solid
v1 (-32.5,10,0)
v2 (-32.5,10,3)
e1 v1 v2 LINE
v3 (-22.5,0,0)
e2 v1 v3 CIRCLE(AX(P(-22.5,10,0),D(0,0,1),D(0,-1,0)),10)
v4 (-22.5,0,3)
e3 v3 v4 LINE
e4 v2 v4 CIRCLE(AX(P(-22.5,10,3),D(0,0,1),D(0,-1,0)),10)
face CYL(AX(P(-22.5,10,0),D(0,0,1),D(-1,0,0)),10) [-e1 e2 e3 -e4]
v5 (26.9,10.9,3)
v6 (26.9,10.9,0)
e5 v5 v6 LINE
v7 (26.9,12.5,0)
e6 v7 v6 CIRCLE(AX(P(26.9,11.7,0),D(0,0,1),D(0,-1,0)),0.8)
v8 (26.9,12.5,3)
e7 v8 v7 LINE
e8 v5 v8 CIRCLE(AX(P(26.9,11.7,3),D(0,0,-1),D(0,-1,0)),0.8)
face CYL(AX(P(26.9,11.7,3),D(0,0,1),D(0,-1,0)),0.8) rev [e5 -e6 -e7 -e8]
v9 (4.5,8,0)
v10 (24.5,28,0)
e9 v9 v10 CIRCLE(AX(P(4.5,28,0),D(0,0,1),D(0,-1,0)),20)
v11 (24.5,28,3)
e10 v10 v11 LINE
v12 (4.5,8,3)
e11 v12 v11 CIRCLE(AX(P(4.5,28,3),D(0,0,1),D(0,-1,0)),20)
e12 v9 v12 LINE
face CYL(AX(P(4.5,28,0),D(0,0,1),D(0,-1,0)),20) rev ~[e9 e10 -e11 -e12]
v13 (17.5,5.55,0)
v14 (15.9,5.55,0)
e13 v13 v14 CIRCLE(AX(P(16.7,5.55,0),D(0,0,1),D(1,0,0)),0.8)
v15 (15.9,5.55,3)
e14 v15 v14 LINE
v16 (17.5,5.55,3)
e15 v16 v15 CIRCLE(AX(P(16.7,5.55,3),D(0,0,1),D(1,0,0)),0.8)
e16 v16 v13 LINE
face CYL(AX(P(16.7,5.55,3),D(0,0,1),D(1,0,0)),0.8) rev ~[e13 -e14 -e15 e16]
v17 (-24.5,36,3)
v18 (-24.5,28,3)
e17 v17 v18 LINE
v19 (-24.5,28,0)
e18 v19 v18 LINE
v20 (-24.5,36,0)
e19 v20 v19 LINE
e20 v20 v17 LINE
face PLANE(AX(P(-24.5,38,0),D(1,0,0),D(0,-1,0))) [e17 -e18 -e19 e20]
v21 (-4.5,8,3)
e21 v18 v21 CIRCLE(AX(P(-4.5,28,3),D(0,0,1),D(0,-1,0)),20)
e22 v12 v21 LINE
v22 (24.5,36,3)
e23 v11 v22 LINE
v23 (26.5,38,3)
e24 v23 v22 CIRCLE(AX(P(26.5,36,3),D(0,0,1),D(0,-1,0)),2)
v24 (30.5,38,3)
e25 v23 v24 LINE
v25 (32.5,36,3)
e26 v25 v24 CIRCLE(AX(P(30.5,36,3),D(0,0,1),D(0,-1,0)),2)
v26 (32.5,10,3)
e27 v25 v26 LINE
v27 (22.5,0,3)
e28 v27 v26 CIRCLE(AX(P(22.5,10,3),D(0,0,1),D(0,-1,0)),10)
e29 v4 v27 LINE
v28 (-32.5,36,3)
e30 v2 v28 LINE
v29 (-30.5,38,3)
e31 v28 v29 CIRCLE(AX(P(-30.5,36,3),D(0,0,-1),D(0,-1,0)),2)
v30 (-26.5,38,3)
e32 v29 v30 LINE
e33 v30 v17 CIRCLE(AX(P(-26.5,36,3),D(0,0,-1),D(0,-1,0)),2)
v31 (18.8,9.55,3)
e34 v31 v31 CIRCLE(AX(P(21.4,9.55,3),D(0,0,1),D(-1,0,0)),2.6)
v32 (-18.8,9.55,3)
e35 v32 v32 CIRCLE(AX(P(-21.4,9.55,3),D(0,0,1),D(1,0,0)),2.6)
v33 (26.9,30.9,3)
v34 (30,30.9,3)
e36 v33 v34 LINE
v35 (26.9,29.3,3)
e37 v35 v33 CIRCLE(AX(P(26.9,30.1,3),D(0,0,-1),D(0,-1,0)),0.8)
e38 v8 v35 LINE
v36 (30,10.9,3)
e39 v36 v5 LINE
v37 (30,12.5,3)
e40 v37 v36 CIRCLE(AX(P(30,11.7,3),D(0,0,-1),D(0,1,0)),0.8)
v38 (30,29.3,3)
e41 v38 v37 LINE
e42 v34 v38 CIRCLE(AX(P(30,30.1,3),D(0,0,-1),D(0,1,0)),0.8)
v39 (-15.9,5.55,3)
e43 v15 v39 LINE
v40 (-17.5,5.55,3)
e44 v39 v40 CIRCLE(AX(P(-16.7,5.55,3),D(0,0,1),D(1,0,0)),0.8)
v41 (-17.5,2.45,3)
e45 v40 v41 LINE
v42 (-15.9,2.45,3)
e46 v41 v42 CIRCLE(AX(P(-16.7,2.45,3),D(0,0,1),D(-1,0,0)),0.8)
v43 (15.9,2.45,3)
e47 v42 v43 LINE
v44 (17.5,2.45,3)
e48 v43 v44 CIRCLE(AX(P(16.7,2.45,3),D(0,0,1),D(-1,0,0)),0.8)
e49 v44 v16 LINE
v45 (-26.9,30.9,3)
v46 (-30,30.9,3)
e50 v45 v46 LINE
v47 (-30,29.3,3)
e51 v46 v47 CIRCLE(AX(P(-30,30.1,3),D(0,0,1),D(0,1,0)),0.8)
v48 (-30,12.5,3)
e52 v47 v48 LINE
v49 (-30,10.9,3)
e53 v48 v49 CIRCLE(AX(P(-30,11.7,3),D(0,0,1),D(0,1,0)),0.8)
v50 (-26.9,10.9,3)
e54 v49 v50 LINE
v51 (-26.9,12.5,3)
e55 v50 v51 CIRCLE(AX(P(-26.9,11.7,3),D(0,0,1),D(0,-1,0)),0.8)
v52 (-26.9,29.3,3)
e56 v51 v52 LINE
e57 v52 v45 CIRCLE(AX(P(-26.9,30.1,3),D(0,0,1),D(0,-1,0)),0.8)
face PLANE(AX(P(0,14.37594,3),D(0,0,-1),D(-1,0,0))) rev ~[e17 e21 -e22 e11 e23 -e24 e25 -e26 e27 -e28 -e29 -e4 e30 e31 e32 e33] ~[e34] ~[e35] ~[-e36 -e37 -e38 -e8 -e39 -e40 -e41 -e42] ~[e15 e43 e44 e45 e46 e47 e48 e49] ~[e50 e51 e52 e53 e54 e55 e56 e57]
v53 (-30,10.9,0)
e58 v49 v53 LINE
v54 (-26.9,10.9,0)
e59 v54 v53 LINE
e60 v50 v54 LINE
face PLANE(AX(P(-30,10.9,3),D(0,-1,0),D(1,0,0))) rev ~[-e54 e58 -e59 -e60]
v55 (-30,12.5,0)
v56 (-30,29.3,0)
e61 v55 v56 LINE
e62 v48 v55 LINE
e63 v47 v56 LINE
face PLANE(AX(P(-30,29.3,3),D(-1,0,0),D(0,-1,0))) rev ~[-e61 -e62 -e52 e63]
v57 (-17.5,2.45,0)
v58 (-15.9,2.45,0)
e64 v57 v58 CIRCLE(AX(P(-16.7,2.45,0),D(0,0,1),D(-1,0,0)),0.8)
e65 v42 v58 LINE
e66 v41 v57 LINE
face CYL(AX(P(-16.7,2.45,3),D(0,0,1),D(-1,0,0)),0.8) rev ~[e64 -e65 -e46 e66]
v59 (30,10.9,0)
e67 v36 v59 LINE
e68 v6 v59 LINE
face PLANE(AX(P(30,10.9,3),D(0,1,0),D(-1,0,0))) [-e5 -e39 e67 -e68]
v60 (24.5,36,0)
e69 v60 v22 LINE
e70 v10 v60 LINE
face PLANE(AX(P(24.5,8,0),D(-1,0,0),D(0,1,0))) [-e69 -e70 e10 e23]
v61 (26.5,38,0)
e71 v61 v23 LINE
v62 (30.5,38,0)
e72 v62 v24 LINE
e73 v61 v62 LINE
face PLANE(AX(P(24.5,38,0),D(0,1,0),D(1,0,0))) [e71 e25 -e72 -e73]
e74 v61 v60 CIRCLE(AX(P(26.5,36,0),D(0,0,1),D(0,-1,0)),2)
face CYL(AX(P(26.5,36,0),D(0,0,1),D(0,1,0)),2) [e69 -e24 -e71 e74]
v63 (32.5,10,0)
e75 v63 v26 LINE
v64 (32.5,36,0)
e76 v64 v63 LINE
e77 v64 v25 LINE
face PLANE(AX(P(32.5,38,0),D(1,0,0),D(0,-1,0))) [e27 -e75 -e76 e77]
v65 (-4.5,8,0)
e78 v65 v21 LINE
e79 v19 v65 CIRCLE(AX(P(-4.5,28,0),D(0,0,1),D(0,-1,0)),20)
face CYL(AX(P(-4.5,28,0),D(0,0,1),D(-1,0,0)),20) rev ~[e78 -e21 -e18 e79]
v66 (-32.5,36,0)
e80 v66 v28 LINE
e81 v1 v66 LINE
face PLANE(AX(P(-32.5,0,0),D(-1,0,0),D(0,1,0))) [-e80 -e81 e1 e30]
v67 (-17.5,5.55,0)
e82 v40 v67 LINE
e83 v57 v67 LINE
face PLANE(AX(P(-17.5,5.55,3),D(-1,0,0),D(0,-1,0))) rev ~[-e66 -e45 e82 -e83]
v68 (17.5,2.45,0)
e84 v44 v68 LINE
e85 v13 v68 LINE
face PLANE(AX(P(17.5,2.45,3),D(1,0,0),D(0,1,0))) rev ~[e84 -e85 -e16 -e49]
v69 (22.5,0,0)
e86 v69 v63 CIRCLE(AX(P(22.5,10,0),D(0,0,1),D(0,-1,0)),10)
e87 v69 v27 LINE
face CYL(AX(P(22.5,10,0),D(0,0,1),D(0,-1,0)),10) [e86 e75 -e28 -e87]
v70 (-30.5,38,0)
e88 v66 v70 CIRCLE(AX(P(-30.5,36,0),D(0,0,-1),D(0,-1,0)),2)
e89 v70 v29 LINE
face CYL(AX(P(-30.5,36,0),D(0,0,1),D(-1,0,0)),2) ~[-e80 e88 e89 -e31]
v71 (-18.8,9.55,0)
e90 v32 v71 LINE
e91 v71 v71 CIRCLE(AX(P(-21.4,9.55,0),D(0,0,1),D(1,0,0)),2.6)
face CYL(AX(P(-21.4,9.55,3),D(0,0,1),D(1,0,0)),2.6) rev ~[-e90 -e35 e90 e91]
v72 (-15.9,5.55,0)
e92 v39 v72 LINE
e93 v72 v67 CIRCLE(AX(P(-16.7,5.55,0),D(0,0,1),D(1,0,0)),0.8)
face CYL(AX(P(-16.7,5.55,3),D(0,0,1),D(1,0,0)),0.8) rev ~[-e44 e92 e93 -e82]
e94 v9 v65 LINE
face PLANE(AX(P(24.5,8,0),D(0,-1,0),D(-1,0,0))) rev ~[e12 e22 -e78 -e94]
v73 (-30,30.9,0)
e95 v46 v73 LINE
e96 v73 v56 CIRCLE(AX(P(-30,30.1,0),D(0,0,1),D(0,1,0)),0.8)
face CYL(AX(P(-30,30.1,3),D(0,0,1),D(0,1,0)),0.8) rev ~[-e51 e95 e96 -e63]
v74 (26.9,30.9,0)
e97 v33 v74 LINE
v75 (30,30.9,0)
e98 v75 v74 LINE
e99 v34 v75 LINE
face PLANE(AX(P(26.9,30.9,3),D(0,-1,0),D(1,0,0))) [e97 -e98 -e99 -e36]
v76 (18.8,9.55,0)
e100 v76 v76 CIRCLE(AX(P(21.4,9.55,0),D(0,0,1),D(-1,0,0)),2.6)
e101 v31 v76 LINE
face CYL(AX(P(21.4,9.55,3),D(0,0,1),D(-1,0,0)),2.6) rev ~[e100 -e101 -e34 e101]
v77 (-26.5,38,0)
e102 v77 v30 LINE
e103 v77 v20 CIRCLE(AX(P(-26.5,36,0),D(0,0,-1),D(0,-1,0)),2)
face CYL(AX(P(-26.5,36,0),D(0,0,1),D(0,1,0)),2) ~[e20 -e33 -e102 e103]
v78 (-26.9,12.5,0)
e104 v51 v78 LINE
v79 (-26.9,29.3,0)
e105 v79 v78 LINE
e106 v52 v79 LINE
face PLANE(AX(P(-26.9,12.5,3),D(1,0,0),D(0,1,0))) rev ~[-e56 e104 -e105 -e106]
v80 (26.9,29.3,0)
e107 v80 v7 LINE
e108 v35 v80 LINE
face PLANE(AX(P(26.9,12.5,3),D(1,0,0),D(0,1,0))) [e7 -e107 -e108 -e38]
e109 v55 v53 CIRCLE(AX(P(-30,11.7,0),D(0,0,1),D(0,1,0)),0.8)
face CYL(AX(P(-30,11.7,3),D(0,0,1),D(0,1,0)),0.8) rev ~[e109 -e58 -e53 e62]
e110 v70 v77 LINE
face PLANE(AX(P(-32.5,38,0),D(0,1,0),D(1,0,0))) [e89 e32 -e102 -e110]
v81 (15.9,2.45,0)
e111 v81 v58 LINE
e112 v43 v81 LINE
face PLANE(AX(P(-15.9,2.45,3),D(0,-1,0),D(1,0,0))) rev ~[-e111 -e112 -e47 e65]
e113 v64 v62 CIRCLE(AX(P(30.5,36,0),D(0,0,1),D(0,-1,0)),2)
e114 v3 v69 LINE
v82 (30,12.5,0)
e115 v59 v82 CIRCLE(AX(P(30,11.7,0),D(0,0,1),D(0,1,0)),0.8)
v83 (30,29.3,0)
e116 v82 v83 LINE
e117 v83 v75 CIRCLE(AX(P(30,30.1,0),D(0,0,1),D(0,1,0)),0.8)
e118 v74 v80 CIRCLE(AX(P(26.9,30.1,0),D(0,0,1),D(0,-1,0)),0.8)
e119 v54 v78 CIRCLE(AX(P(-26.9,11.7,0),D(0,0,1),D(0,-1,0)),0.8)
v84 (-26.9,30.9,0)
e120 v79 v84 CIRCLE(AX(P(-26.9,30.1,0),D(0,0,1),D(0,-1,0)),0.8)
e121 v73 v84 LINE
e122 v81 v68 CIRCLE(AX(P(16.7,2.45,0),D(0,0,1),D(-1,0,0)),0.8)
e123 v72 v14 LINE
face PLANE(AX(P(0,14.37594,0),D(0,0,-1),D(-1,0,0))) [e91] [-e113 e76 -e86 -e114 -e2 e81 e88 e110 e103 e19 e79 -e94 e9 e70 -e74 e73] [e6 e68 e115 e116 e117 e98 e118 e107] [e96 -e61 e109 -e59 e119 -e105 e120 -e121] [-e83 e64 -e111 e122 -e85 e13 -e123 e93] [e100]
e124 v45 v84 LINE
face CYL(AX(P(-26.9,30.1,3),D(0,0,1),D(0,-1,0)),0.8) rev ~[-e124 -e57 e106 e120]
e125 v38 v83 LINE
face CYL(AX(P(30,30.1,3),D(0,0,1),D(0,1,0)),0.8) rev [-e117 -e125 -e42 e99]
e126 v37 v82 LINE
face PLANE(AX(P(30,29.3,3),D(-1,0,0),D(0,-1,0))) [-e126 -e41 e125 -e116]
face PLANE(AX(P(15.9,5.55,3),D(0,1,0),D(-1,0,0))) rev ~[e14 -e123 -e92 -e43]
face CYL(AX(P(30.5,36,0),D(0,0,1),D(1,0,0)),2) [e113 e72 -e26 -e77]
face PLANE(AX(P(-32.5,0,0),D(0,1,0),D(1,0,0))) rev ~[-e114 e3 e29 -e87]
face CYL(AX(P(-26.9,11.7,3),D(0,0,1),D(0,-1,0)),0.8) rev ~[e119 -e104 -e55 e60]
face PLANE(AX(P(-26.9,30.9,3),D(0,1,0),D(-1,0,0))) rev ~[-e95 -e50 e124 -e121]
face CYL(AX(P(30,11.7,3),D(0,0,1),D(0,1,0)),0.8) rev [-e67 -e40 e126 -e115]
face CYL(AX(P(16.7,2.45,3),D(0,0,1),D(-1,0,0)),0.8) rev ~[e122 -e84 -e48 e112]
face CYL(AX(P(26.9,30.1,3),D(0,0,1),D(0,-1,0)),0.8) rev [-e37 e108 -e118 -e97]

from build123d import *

# Parameters (mm, degrees)
BOSS_EXTRUDE1_DEPTH = 3
FILLET1_R           = 20
CUT_EXTRUDE1_DEPTH  = 51.092414595
SKETCH3_R           = 2.6
CUT_EXTRUDE2_DEPTH  = 51.092414595
FILLET2_R           = 10
FILLET3_R           = 2


with BuildPart() as part:
    # Sketch1 → Boss-Extrude1 (new body)
    with BuildSketch(Plane.XY):
        Polygon((0, 0), (-32.5, 0), (-32.5, 38), (-24.5, 38), (-24.5, 8), (0, 8), (24.5, 8), (24.5, 38), (32.5, 38), (32.5, 0), align=None)
    extrude(amount=BOSS_EXTRUDE1_DEPTH)

    # Fillet1
    fillet1_edges = [part.edges().sort_by_distance(p)[0] for p in [
        (24.5, 8, 1.5),
        (-24.5, 8, 1.5),
    ]]
    fillet(fillet1_edges, radius=FILLET1_R)

    # Sketch2 → Cut-Extrude1 (cut, through all)
    with BuildSketch(Plane.XY.offset(3)):
        with BuildLine():
            Line((-30, 10.9), (-26.9, 10.9))
            ThreePointArc((-26.9, 10.9), (-26.1, 11.7), (-26.9, 12.5))
            Line((-26.9, 12.5), (-26.9, 29.3))
            ThreePointArc((-26.9, 29.3), (-26.1, 30.1), (-26.9, 30.9))
            Line((-26.9, 30.9), (-30, 30.9))
            ThreePointArc((-30, 30.9), (-30.8, 30.1), (-30, 29.3))
            Line((-30, 29.3), (-30, 12.5))
            ThreePointArc((-30, 12.5), (-30.8, 11.7), (-30, 10.9))
        make_face()
        with BuildLine():
            Line((26.9, 12.5), (26.9, 29.3))
            ThreePointArc((26.9, 29.3), (26.1, 30.1), (26.9, 30.9))
            Line((26.9, 30.9), (30, 30.9))
            ThreePointArc((30, 30.9), (30.8, 30.1), (30, 29.3))
            Line((30, 29.3), (30, 12.5))
            ThreePointArc((30, 12.5), (30.8, 11.7), (30, 10.9))
            Line((30, 10.9), (26.9, 10.9))
            ThreePointArc((26.9, 10.9), (26.1, 11.7), (26.9, 12.5))
        make_face()
        with BuildLine():
            Line((-15.9, 2.45), (15.9, 2.45))
            ThreePointArc((15.9, 2.45), (16.7, 1.65), (17.5, 2.45))
            Line((17.5, 2.45), (17.5, 5.55))
            ThreePointArc((17.5, 5.55), (16.7, 6.35), (15.9, 5.55))
            Line((15.9, 5.55), (-15.9, 5.55))
            ThreePointArc((-15.9, 5.55), (-16.7, 6.35), (-17.5, 5.55))
            Line((-17.5, 5.55), (-17.5, 2.45))
            ThreePointArc((-17.5, 2.45), (-16.7, 1.65), (-15.9, 2.45))
        make_face()
    extrude(amount=-CUT_EXTRUDE1_DEPTH, mode=Mode.SUBTRACT)

    # Sketch3 → Cut-Extrude2 (cut, through all)
    with BuildSketch(Plane.XY.offset(3)):
        with Locations((-21.4, 9.55)):
            Circle(SKETCH3_R)
        with Locations(Location((21.4, 9.55, 0), (0, 0, 180))):
            Circle(SKETCH3_R)
    extrude(amount=-CUT_EXTRUDE2_DEPTH, mode=Mode.SUBTRACT)

    # Fillet2
    fillet2_edges = [part.edges().sort_by_distance(p)[0] for p in [
        (32.5, 0, 1.5),
        (-32.5, 0, 1.5),
    ]]
    fillet(fillet2_edges, radius=FILLET2_R)

    # Fillet3
    fillet3_edges = [part.edges().sort_by_distance(p)[0] for p in [
        (24.5, 38, 1.5),
        (32.5, 38, 1.5),
        (-32.5, 38, 1.5),
        (-24.5, 38, 1.5),
    ]]
    fillet(fillet3_edges, radius=FILLET3_R)


solid = part.part
